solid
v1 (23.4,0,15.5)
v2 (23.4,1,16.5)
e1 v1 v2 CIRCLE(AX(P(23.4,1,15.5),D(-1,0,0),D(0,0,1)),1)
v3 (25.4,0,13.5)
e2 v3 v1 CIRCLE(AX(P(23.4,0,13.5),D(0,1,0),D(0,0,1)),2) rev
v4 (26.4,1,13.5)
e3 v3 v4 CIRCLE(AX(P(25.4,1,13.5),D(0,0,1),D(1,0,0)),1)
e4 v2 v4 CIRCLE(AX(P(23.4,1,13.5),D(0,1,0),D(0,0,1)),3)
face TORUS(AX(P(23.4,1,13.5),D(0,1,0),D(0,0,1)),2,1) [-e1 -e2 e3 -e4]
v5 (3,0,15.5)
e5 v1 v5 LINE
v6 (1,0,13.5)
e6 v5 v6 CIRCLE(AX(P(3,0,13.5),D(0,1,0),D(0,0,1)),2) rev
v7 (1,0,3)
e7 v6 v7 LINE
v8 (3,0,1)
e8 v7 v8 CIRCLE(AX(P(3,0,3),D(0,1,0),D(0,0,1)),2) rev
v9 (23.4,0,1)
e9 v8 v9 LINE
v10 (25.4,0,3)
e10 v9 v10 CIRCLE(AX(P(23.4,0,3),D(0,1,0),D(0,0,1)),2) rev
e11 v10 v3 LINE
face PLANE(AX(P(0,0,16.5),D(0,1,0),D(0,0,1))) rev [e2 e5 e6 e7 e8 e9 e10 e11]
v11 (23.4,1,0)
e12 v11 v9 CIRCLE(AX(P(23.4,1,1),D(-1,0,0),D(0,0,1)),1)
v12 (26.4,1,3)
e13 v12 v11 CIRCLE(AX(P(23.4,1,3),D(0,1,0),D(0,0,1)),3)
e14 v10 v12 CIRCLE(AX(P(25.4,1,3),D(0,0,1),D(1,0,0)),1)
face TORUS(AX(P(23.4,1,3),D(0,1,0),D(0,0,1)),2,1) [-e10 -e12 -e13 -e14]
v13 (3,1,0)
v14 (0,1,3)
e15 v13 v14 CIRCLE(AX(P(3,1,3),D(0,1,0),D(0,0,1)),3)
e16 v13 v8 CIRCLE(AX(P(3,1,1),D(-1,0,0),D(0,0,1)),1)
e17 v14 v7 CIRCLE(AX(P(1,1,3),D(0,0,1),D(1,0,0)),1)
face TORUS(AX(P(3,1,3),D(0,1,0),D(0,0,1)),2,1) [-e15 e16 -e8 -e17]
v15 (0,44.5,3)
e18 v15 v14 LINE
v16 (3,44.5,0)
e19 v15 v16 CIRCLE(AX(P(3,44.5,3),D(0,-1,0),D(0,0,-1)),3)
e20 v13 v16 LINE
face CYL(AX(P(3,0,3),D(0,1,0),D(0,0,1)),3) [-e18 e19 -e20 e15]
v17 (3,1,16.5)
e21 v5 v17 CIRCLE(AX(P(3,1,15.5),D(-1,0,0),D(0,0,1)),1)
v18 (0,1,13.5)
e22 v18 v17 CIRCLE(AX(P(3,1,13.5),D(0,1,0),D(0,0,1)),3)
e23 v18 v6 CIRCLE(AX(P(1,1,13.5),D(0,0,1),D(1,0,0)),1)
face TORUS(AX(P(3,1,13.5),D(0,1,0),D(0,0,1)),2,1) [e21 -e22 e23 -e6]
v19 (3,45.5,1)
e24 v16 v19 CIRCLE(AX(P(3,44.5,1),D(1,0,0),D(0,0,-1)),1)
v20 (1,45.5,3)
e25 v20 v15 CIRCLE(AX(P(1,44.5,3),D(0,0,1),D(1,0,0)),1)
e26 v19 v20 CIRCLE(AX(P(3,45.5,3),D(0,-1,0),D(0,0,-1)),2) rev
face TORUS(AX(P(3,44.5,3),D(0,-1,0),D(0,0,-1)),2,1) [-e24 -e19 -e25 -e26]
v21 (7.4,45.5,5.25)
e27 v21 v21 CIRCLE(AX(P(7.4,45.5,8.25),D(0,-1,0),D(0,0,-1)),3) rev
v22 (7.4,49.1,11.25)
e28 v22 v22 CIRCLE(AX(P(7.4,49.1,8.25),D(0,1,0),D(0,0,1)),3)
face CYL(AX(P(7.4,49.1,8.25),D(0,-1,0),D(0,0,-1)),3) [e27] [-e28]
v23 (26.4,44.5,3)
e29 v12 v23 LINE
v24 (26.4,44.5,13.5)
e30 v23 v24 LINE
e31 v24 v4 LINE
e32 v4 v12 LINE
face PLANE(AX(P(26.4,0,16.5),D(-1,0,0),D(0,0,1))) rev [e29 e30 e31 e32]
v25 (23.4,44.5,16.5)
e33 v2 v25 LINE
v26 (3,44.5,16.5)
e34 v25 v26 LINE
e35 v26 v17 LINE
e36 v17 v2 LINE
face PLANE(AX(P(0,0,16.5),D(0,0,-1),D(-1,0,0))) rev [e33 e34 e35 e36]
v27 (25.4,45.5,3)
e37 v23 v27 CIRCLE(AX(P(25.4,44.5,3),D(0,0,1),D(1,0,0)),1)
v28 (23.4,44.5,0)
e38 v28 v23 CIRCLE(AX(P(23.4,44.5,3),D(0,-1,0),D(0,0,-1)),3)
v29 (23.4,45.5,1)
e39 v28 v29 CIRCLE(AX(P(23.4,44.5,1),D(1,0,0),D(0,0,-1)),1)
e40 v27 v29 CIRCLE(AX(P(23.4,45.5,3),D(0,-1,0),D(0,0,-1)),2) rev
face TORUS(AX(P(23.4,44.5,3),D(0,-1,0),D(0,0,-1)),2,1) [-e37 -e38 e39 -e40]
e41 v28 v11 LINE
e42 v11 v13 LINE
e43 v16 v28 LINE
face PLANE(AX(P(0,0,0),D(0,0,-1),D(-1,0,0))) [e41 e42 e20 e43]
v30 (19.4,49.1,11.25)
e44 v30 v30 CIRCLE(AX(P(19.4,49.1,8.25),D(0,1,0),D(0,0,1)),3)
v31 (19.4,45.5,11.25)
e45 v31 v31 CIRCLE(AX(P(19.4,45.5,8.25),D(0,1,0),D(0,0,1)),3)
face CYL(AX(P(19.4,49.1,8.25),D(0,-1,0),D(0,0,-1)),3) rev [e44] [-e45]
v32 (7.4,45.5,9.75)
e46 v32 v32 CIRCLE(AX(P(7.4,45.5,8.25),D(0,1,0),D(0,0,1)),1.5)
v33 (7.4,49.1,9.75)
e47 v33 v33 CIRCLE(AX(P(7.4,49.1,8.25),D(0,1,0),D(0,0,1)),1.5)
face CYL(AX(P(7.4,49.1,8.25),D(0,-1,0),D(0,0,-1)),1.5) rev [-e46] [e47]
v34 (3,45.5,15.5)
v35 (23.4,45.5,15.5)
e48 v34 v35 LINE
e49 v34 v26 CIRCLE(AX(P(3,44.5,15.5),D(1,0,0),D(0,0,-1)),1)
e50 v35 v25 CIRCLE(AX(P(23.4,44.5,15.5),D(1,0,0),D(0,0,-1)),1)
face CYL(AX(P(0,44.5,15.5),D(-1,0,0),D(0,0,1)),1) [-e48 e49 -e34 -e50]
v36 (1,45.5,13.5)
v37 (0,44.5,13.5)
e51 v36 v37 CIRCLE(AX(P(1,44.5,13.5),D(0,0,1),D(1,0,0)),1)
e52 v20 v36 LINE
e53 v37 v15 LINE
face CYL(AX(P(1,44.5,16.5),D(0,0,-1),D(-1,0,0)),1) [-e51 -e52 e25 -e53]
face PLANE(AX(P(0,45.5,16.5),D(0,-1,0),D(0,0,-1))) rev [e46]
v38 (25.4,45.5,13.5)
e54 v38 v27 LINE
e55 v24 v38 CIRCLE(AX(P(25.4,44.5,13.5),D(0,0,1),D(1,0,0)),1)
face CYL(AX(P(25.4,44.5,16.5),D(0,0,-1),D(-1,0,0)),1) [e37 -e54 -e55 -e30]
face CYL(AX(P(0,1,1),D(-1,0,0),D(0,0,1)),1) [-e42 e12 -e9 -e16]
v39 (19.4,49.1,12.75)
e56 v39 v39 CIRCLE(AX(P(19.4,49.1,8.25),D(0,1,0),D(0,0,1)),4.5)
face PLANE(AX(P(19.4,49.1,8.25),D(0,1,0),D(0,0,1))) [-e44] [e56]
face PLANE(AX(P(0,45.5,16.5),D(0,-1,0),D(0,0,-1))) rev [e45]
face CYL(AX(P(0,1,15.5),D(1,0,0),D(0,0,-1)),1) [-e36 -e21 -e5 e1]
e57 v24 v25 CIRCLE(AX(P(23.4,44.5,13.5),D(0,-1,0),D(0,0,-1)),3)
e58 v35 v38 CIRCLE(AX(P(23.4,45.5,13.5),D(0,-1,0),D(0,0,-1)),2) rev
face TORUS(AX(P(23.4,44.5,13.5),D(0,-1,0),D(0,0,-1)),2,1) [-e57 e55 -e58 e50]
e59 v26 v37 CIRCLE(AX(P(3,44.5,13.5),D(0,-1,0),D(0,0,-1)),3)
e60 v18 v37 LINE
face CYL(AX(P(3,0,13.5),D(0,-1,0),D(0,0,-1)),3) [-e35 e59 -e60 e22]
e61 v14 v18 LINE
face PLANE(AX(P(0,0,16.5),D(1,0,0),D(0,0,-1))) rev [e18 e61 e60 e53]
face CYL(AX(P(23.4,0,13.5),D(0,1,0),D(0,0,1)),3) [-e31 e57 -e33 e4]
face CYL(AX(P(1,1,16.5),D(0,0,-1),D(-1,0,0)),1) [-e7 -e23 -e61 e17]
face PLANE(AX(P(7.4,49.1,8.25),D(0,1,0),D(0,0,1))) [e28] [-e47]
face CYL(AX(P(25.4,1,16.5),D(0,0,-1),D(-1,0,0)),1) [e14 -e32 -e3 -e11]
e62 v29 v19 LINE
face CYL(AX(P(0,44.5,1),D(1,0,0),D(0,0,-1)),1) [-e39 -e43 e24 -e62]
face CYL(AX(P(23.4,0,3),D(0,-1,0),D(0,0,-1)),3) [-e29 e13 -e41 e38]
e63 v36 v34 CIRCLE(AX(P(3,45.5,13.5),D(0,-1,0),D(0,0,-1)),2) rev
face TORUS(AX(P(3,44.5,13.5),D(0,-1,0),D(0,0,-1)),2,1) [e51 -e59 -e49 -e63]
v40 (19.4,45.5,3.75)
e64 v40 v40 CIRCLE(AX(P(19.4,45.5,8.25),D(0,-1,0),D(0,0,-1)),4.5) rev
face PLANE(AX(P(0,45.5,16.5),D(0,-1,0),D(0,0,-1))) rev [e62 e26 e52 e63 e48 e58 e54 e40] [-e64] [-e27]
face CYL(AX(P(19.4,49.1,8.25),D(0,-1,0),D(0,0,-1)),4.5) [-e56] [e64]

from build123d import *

# Parameters (mm, degrees)
SKETCH_1_W      = 26.4
SKETCH_1_H      = 45.5
EXTRUDE_1_DEPTH = 16.5
FILLET_1_R      = 3
SKETCH_2_R      = 3
SKETCH_2_R_2    = 1.5
SKETCH_2_R_3    = 4.5
EXTRUDE_2_DEPTH = 3.6
FILLET_2_R      = 1


with BuildPart() as part:
    # 草圖1 → 填料-伸長1 (new body)
    with BuildSketch(Plane.XY):
        with Locations((13.2, 22.75)):
            Rectangle(SKETCH_1_W, SKETCH_1_H)
    extrude(amount=EXTRUDE_1_DEPTH)

    # 圓角1
    fillet_1_edges = [part.edges().sort_by_distance(p)[0] for p in [
        (26.4, 22.75, 16.5),
        (0, 22.75, 16.5),
        (26.4, 22.75, 0),
        (0, 22.75, 0),
    ]]
    fillet(fillet_1_edges, radius=FILLET_1_R)

    # 草圖2 → 填料-伸長2 (add)
    with BuildSketch(Plane(origin=(0, 45.5, 0), x_dir=(1, 0, 0), z_dir=(0, 1, 0))):
        with Locations((7.4, -8.25)):
            Circle(SKETCH_2_R)
        with Locations((7.4, -8.25)):
            Circle(SKETCH_2_R_2, mode=Mode.SUBTRACT)
        with Locations((19.4, -8.25)):
            Circle(SKETCH_2_R_3)
        with Locations((19.4, -8.25)):
            Circle(SKETCH_2_R, mode=Mode.SUBTRACT)
    extrude(amount=EXTRUDE_2_DEPTH)

    # 圓角2
    fillet_2_edges = [part.edges().sort_by_distance(p)[0] for p in [
        (0, 0, 8.25),
        (0, 45.5, 8.25),
        (13.2, 0, 0),
        (26.4, 0, 8.25),
        (13.2, 0, 16.5),
        (25.521320344, 0, 15.621320344),
        (25.521320344, 0, 0.878679656),
        (0.878679656, 0, 15.621320344),
        (0.878679656, 0, 0.878679656),
        (13.2, 45.5, 0),
        (13.2, 45.5, 16.5),
        (26.4, 45.5, 8.25),
        (25.521320344, 45.5, 15.621320344),
        (25.521320344, 45.5, 0.878679656),
        (0.878679656, 45.5, 15.621320344),
        (0.878679656, 45.5, 0.878679656),
    ]]
    fillet(fillet_2_edges, radius=FILLET_2_R)


solid = part.part
